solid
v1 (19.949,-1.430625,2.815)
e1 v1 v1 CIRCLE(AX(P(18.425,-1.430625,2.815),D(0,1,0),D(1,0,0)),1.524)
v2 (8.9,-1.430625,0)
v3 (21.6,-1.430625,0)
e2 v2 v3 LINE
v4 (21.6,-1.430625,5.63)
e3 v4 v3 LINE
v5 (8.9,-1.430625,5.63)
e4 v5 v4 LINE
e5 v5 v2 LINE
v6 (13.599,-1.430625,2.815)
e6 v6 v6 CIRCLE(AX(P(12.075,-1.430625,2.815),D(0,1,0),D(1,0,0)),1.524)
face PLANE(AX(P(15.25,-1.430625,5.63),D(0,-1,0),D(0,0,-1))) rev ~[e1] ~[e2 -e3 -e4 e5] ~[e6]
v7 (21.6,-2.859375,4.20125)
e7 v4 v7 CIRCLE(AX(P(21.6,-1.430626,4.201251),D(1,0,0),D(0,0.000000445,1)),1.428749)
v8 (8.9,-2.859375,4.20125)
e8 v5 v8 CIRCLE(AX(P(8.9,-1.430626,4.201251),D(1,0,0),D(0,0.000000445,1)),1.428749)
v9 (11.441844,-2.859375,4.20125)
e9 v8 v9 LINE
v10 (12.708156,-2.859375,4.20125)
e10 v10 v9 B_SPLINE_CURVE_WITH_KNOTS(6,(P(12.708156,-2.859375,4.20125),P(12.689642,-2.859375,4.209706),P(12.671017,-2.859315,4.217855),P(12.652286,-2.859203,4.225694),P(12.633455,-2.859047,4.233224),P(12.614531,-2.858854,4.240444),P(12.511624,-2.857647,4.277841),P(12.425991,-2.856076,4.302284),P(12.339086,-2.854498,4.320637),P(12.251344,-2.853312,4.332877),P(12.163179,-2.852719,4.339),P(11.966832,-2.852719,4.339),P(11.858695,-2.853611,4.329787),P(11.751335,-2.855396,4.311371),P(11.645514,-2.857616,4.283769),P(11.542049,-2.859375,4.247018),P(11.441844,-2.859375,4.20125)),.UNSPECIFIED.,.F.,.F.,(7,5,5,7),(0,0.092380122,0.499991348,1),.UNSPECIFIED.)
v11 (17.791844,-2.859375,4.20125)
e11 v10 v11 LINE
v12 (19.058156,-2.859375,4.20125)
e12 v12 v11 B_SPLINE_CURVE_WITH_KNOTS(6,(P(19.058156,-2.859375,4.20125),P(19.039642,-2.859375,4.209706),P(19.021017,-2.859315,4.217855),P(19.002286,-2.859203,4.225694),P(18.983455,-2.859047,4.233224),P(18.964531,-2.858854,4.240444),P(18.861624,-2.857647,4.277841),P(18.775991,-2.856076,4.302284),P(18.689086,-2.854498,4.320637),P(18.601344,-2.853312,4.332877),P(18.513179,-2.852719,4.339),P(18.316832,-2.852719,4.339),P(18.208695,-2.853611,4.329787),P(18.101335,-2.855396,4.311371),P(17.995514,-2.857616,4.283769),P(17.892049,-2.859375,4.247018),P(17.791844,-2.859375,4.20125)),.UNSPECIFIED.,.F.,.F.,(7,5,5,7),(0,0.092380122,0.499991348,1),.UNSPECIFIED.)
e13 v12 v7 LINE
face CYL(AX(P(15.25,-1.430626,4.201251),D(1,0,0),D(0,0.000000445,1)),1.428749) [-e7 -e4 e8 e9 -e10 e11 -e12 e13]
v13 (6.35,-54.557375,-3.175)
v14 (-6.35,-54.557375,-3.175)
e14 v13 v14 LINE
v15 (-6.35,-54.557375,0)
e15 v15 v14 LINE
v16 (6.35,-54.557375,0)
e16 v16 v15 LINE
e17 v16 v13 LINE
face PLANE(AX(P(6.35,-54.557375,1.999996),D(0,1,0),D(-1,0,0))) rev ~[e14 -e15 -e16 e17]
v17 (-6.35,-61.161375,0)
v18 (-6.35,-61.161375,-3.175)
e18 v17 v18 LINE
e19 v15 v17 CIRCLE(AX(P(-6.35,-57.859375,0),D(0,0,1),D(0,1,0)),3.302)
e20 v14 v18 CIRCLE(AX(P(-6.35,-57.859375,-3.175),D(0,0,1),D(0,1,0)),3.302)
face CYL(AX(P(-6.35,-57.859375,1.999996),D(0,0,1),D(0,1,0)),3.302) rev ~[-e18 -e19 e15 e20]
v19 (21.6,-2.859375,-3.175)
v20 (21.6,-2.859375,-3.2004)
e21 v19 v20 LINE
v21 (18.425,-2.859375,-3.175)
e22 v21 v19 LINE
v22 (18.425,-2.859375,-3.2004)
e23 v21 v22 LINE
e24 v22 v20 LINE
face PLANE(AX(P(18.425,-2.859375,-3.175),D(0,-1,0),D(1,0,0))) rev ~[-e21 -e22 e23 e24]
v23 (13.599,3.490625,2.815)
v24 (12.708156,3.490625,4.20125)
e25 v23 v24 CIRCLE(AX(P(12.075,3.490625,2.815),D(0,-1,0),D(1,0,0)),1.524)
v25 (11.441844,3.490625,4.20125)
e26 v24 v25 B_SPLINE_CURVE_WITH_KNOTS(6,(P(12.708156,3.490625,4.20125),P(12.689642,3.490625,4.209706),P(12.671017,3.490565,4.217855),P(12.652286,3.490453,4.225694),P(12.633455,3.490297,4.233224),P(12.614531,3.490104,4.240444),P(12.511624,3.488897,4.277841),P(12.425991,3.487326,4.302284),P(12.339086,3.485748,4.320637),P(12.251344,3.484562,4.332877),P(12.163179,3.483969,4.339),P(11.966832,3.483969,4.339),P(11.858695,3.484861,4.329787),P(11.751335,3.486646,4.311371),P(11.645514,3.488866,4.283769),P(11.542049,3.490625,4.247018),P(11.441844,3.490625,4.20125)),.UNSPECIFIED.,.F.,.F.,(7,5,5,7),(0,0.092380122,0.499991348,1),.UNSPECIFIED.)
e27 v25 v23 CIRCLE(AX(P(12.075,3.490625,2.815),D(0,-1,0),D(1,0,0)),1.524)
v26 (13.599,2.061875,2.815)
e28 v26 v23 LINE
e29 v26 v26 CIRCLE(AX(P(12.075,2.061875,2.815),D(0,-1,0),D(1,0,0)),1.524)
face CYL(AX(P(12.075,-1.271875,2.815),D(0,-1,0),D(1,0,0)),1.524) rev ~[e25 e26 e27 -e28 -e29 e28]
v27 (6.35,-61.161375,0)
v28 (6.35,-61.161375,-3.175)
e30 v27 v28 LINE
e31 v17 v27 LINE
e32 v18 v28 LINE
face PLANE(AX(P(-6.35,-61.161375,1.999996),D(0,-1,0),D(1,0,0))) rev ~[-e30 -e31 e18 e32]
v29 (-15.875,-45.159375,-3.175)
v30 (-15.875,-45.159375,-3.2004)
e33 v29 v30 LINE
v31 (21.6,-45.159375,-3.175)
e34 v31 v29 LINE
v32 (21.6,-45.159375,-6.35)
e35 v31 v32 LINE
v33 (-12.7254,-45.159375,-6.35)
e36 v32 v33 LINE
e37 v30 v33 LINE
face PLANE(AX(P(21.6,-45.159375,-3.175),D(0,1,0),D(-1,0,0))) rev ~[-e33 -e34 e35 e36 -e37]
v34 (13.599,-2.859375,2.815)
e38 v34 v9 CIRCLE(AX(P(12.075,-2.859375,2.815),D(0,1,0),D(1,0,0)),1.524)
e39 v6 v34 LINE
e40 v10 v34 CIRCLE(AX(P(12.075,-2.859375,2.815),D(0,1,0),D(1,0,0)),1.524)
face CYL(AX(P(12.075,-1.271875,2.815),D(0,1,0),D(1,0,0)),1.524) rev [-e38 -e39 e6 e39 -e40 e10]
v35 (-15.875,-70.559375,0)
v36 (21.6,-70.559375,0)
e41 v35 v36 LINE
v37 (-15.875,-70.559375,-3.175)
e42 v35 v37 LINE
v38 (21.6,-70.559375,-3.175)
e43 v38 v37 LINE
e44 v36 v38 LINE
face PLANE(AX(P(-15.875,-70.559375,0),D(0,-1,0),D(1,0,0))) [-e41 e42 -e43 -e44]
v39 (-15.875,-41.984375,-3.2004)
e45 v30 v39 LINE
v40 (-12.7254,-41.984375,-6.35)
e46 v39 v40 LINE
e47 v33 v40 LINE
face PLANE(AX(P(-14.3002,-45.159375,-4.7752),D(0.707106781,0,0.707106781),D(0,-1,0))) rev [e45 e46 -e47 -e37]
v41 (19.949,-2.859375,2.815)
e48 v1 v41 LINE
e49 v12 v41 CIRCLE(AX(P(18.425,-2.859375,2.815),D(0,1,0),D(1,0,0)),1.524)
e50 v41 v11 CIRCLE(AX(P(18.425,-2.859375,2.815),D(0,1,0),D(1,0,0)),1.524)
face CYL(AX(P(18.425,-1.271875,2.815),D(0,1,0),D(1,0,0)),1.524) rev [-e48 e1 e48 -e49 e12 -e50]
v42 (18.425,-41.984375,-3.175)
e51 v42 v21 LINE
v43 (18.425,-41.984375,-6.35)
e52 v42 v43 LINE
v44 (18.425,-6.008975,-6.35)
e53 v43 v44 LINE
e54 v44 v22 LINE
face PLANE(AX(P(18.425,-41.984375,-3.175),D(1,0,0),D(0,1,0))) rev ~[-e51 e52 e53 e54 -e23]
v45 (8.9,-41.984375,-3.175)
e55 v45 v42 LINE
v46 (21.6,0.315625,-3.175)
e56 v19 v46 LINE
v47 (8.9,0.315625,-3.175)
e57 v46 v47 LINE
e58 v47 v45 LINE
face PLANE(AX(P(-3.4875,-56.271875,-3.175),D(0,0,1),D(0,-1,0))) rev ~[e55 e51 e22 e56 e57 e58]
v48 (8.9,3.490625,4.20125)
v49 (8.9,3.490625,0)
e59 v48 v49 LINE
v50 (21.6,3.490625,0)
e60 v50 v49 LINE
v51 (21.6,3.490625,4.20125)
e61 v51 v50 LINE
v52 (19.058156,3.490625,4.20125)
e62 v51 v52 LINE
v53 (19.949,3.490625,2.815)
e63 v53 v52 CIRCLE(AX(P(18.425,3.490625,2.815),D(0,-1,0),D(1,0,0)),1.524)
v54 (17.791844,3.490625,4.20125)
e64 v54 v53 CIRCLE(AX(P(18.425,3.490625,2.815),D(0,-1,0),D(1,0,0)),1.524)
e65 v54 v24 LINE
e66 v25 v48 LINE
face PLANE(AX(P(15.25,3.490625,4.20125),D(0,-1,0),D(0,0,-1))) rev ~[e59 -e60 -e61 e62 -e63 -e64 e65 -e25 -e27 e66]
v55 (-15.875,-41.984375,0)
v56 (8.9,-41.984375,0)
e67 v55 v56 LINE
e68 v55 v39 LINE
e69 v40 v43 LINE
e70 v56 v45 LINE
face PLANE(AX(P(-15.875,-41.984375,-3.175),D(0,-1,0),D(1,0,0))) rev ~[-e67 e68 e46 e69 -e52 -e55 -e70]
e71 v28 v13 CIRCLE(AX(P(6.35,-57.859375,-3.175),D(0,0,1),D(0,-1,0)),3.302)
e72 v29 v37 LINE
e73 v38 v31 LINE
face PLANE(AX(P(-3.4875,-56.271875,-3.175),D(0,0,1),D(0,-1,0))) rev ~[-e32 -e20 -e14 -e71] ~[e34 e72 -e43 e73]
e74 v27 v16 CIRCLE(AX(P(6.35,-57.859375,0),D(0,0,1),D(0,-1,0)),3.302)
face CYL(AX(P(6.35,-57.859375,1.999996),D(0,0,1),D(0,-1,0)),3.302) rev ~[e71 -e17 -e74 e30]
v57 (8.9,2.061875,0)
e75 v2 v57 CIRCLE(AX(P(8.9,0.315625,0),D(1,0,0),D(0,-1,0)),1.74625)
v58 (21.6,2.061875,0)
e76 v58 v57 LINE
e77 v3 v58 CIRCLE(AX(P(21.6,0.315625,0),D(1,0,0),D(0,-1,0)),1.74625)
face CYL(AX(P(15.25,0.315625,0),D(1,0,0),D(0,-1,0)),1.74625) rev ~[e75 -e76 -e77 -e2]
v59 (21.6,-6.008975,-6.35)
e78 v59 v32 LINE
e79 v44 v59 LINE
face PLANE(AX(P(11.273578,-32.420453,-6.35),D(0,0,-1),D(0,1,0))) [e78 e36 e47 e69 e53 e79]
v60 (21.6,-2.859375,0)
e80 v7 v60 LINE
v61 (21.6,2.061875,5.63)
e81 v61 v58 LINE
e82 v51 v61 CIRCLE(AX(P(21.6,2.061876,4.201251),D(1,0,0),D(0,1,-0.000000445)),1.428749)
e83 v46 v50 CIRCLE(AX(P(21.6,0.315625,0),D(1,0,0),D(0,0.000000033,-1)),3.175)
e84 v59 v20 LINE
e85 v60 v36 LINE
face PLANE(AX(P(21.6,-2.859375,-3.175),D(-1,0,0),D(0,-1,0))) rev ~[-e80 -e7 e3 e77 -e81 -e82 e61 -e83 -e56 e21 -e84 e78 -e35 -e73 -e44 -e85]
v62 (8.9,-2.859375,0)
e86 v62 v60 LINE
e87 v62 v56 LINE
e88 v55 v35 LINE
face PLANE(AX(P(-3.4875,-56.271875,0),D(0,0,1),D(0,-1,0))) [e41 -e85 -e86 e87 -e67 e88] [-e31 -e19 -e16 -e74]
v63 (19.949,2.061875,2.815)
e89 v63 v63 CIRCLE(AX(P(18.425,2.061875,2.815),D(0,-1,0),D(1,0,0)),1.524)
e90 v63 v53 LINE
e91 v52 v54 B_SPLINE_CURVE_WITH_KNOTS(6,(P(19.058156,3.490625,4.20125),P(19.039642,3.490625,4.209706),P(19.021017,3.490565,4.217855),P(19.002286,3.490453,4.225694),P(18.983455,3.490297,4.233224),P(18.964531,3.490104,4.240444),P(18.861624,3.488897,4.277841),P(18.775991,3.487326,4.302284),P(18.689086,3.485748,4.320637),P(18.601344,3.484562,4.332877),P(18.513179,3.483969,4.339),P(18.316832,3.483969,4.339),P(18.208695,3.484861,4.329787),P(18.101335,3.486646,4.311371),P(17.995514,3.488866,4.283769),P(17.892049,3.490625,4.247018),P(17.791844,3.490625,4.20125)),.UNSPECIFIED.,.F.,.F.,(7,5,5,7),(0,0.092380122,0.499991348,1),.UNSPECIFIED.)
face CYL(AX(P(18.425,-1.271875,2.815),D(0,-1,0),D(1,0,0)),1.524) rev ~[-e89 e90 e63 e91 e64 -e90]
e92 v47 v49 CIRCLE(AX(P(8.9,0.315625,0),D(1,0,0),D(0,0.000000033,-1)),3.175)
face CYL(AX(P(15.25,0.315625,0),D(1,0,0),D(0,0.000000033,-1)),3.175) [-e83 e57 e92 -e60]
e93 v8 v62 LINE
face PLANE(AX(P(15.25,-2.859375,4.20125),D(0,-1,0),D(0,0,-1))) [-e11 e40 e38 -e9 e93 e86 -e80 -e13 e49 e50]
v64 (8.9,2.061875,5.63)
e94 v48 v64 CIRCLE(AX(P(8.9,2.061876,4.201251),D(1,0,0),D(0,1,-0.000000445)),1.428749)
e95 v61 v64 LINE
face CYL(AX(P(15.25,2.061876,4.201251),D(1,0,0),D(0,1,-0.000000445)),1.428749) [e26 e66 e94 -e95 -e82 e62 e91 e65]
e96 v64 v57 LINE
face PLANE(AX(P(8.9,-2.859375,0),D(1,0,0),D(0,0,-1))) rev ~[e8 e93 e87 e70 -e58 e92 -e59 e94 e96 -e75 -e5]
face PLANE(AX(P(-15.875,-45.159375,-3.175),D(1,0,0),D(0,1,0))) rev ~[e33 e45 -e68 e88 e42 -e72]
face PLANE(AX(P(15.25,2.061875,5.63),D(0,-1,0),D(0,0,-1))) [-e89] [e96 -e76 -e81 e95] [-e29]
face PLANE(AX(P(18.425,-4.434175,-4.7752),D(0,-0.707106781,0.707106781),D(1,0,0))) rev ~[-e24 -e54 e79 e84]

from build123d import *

# Parameters (mm, degrees)
PAD003_DEPTH         = 6.35
SKETCH015_R          = 1.524
POCKET003_DEPTH      = 4.7635
POCKET003_DEPTH_BACK = 1.5885
SKETCH016_W          = 3.175
SKETCH016_H          = 12.7
PAD008_DEPTH         = 67.7
SKETCH025_W          = 28.575
SKETCH025_H          = 24.775
PAD009_DEPTH         = 3.175
POCKET007_DEPTH      = 5.175996
PAD010_DEPTH         = 3.175
CHAMFER001_SIZE      = 3.1496


with BuildPart() as part:
    # Sketch014 → Pad003 (new body, symmetric)
    with BuildSketch(Plane.YZ.offset(15.25)):
        with BuildLine():
            ThreePointArc((-1.430625, 0), (0.315625, -1.74625), (2.061875, 0))
            Line((2.061875, 5.63), (2.061875, 0))
            ThreePointArc((3.490625, 4.20125), (3.072154, 5.211529), (2.061875, 5.63))
            Line((3.490625, 4.20125), (3.490625, 0))
            ThreePointArc((0.315625, -3.175), (2.560689, -2.245064), (3.490625, 0))
            Line((-2.859375, -3.175), (0.315625, -3.175))
            Line((-2.859375, 4.20125), (-2.859375, -3.175))
            ThreePointArc((-1.430625, 5.63), (-2.440904, 5.211529), (-2.859375, 4.20125))
            Line((-1.430625, 5.63), (-1.430625, 0))
        make_face()
    extrude(amount=PAD003_DEPTH, both=True)

    # Sketch015 (on Face72 of LinearPattern001) → Pocket003 (cut, two sides)
    with BuildSketch(Plane.XZ.offset(1.271875)) as pocket003_sk:
        with Locations((12.075, 2.815)):
            Circle(SKETCH015_R)
        with Locations((18.425, 2.815)):
            Circle(SKETCH015_R)
    extrude(amount=-POCKET003_DEPTH, mode=Mode.SUBTRACT)
    extrude(pocket003_sk.sketch, amount=POCKET003_DEPTH_BACK, mode=Mode.SUBTRACT)

    # Sketch016 (on Face8 of Pocket003) → Pad008 (join)
    with BuildSketch(Plane(origin=(15.25, -2.859375, 0), x_dir=(0, 0, -1), z_dir=(0, -1, 0))):
        with Locations((1.5875, 0)):
            Rectangle(SKETCH016_W, SKETCH016_H)
    extrude(amount=PAD008_DEPTH)

    # Sketch025 (on Face16 of Pad008) → Pad009 (join)
    with BuildSketch(Plane(origin=(15.25, 0, 0), x_dir=(0, -1, 0), z_dir=(0, 0, 1))):
        with Locations((56.271875, -18.7375)):
            Rectangle(SKETCH025_W, SKETCH025_H)
    extrude(amount=-PAD009_DEPTH)

    # Sketch026 (on Face29 of Pad015) → Pocket007 (cut, through all)
    with BuildSketch(Plane(origin=(15.25, 0, 1.999996), x_dir=(0, -1, 0), z_dir=(0, 0, 1))):
        with BuildLine():
            ThreePointArc((61.161375, -8.9), (57.859375, -5.598), (54.557375, -8.9))
            Line((54.557375, -8.9), (54.557375, -21.6))
            ThreePointArc((54.557375, -21.6), (57.859375, -24.902), (61.161375, -21.6))
            Line((61.161375, -21.6), (61.161375, -8.9))
        make_face()
    extrude(amount=-POCKET007_DEPTH, mode=Mode.SUBTRACT)

    # Sketch027 (on Face24 of Pocket007) → Pad010 (join)
    with BuildSketch(Plane(origin=(15.25, 0, -3.175), x_dir=(0, 1, 0), z_dir=(0, 0, -1))):
        Polygon((-2.859375, 6.35), (-45.159375, 6.35), (-45.159375, -31.125), (-41.984375, -31.125), (-41.984375, 3.175), (-2.859375, 3.175), align=None)
    extrude(amount=PAD010_DEPTH)

    # Chamfer001
    chamfer001_edges = [part.edges().sort_by_distance(p)[0] for p in [
        (20.0125, -2.859375, -6.35),
        (-15.875, -43.571875, -6.35),
    ]]
    chamfer(chamfer001_edges, length=CHAMFER001_SIZE)


solid = part.part
